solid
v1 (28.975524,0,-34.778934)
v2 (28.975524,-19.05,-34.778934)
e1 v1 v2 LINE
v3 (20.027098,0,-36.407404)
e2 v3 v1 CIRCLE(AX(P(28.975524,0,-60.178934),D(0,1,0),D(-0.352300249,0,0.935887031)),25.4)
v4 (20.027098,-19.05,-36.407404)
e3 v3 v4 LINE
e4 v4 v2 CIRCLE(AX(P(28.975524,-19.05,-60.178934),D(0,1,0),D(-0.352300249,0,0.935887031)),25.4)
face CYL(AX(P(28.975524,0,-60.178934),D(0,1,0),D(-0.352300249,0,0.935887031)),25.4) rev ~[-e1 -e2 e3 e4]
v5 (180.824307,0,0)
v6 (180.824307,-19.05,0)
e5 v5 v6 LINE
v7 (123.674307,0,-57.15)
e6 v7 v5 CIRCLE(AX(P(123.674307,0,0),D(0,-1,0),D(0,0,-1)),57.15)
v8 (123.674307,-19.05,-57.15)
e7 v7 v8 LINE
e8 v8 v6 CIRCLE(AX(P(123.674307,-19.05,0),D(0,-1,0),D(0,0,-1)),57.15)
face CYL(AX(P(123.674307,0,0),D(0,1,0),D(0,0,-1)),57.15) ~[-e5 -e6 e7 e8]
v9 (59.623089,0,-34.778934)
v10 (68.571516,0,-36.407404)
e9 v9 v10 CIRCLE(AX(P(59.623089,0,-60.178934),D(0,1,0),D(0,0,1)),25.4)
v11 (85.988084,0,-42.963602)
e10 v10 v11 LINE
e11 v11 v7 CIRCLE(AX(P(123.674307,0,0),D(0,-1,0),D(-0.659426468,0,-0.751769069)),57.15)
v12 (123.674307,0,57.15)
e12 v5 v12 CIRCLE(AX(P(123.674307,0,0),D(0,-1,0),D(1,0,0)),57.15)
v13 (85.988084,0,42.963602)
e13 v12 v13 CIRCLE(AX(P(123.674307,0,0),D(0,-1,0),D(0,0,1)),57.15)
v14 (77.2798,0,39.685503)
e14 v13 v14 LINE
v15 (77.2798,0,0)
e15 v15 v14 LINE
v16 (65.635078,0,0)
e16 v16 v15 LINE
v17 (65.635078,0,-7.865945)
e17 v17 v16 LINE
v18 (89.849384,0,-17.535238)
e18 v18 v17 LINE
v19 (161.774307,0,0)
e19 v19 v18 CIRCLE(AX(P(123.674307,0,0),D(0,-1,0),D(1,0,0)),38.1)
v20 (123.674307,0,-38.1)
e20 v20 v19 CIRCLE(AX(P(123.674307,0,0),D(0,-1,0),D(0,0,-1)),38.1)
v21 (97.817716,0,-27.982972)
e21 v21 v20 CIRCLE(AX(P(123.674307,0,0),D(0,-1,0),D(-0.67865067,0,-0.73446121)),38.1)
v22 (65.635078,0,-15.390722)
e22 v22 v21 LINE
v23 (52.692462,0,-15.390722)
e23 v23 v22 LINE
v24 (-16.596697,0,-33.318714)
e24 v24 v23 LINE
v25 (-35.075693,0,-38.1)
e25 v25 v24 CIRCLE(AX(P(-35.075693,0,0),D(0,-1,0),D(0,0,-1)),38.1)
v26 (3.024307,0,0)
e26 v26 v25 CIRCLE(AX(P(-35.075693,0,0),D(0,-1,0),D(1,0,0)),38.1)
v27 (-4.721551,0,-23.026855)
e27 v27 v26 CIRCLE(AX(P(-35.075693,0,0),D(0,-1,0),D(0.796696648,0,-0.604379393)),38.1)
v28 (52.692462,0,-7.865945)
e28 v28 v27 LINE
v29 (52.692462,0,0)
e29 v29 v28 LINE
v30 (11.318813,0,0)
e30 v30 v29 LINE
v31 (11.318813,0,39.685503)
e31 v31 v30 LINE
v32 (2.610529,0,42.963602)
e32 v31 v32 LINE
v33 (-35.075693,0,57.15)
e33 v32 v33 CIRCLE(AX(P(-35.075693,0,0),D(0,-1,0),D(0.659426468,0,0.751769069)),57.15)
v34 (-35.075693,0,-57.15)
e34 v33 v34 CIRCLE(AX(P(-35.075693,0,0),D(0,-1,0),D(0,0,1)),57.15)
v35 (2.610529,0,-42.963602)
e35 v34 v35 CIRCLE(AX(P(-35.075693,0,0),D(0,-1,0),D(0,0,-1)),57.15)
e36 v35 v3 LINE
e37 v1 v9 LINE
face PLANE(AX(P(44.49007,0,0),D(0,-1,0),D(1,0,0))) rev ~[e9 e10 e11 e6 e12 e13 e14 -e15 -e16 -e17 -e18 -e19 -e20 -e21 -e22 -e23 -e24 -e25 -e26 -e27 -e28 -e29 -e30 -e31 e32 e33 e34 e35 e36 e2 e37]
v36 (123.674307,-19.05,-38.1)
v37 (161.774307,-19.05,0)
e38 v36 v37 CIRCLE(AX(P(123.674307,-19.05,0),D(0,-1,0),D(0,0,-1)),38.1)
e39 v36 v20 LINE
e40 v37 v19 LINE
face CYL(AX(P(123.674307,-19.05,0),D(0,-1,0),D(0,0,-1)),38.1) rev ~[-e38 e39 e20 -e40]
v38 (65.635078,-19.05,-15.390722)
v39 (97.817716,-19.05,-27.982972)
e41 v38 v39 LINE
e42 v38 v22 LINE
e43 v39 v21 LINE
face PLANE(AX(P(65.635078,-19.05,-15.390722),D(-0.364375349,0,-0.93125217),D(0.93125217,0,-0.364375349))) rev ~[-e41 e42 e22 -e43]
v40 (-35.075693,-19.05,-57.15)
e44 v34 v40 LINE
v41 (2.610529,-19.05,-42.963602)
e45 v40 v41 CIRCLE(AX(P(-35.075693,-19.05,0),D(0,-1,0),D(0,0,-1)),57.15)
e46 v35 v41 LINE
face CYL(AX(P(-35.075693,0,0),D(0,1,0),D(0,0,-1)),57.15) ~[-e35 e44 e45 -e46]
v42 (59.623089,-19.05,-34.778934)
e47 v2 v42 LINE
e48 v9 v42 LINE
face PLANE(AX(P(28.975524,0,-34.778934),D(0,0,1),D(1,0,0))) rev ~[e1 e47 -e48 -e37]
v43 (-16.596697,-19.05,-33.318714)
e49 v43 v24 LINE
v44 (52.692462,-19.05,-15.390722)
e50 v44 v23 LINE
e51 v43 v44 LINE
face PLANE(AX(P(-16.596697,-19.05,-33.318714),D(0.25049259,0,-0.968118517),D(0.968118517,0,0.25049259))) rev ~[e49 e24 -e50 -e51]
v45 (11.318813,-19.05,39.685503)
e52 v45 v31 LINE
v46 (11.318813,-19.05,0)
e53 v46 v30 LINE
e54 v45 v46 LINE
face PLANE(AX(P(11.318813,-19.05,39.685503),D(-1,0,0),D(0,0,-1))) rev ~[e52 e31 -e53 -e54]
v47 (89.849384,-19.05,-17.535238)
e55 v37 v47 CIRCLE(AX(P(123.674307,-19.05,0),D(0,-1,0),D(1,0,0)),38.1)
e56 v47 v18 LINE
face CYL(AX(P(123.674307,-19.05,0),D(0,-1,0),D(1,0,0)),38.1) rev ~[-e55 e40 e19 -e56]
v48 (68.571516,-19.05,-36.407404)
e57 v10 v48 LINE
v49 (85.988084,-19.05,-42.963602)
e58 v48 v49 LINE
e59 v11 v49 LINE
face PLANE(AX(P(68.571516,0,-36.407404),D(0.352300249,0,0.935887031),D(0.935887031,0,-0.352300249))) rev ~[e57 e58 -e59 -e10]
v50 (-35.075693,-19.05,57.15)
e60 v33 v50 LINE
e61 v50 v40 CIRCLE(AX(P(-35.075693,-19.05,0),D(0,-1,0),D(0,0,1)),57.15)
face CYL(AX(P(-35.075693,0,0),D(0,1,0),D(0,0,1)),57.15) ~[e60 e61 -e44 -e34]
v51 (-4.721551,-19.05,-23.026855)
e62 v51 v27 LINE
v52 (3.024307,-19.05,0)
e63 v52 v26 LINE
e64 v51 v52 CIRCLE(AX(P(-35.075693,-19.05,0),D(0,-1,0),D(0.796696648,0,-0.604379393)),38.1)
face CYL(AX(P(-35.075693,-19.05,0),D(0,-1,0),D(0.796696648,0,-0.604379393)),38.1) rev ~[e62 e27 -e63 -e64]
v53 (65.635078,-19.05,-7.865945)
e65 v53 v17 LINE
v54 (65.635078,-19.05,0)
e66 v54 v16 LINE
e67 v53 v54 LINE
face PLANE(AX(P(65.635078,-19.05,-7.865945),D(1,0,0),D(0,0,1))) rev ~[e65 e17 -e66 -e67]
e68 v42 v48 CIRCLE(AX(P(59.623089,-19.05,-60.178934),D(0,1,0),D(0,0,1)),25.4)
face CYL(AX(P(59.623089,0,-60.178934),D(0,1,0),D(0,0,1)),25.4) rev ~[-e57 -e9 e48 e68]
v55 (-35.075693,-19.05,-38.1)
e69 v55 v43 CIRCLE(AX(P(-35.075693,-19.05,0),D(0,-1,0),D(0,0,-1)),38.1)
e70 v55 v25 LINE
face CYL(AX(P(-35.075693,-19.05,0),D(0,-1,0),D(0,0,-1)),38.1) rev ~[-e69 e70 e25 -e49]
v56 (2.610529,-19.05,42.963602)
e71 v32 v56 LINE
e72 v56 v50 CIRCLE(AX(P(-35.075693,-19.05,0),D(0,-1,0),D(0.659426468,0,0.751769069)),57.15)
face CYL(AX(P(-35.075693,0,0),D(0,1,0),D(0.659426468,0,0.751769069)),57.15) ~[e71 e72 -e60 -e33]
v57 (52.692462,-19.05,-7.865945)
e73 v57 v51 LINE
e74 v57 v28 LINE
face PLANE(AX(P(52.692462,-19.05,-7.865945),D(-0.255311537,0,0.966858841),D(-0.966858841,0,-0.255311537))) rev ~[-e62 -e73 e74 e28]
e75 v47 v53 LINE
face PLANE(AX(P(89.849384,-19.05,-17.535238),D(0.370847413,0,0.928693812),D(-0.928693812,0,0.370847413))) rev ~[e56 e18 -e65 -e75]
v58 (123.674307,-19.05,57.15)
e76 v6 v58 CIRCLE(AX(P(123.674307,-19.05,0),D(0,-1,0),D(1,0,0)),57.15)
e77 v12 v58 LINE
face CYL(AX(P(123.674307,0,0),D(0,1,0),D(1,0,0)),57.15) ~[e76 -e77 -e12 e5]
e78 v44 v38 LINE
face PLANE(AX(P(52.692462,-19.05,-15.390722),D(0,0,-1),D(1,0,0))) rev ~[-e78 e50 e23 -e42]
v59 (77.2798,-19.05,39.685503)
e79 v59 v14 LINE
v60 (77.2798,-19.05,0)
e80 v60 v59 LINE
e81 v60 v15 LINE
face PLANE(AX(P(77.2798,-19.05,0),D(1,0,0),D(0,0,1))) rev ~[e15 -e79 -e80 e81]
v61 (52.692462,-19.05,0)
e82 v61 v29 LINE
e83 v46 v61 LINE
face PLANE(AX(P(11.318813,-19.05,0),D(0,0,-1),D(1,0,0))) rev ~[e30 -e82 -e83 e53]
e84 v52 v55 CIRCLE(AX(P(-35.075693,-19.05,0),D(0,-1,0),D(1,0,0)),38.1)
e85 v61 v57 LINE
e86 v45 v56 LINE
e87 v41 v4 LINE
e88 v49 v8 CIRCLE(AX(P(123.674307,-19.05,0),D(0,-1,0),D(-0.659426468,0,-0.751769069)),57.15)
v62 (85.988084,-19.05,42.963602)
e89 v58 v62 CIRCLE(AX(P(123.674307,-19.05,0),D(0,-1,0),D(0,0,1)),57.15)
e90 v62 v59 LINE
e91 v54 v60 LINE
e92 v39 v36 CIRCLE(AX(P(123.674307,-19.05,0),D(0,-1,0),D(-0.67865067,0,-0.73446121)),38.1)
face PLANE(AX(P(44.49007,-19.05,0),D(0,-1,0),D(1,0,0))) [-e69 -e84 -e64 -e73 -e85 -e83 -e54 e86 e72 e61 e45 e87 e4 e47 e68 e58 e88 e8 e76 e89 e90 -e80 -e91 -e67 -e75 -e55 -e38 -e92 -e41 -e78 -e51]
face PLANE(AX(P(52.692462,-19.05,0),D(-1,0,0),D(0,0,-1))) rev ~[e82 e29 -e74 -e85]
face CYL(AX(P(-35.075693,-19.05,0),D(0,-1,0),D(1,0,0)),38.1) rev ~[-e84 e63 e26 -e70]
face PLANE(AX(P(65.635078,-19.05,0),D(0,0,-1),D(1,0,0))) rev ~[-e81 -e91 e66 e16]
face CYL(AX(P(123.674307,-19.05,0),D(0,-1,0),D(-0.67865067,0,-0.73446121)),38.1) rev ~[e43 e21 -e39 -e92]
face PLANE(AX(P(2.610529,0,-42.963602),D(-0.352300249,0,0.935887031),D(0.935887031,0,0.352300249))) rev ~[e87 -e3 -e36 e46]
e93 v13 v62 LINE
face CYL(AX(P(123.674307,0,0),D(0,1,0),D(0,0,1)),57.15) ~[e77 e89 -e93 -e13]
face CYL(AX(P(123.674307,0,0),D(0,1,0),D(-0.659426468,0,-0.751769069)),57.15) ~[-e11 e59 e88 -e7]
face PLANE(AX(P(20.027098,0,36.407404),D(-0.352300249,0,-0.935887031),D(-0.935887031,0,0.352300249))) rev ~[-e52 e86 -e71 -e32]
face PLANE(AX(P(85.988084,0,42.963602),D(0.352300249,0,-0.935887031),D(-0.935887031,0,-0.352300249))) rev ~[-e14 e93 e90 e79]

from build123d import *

# Parameters (mm, degrees)
F1_DEPTH = 19.05
F3_DEPTH = 25.4


with BuildPart() as f1:
    # F0 (on Front) → F1 (new body)
    with BuildSketch(Plane.XZ):
        with BuildLine():
            Line((20.027097595, 36.4074036121), (2.6105293283, 42.9636023111))
            ThreePointArc((2.6105293283, 42.9636023111), (16.9814393634, 23.5834144733), (22.0743066938, 0))
            ThreePointArc((22.0743066938, 0), (16.9814393634, -23.5834144733), (2.6105293283, -42.9636023111))
            Line((2.6105293283, -42.9636023111), (20.027097595, -36.4074036121))
            ThreePointArc((20.027097595, -36.4074036121), (24.4278254251, -35.189367606), (28.975523916, -34.7789341976))
            Line((28.975523916, -34.7789341976), (59.6230894717, -34.7789341976))
            ThreePointArc((59.6230894717, -34.7789341976), (64.1707879626, -35.189367606), (68.5715157927, -36.4074036121))
            Line((68.5715157927, -36.4074036121), (85.9880840594, -42.9636023111))
            ThreePointArc((85.9880840594, -42.9636023111), (66.5243066938, 0), (85.9880840594, 42.9636023111))
            Line((85.9880840594, 42.9636023111), (68.5715157927, 36.4074036121))
            ThreePointArc((68.5715157927, 36.4074036121), (64.1707879626, 35.189367606), (59.6230894717, 34.7789341976))
            Line((59.6230894717, 34.7789341976), (28.975523916, 34.7789341976))
            ThreePointArc((28.975523916, 34.7789341976), (24.4278254251, 35.189367606), (20.027097595, 36.4074036121))
        make_face()
        with BuildLine():
            ThreePointArc((2.6105293283, 42.9636023111), (-14.941734084, 53.4859438174), (-35.0756933062, 57.15))
            Line((-35.0756933062, 57.15), (2.6105293283, 42.9636023111))
        make_face()
        with BuildLine():
            Line((123.6743066938, 57.15), (85.9880840594, 42.9636023111))
            ThreePointArc((85.9880840594, 42.9636023111), (66.5243066938, 0), (85.9880840594, -42.9636023111))
            Line((85.9880840594, -42.9636023111), (123.6743066938, -57.15))
            ThreePointArc((123.6743066938, -57.15), (164.0854592386, -40.4111525448), (180.8243066938, 0))
            ThreePointArc((180.8243066938, 0), (164.0854592386, 40.4111525448), (123.6743066938, 57.15))
        make_face()
        with BuildLine():
            ThreePointArc((123.6743066938, 57.15), (103.5403474717, 53.4859438174), (85.9880840594, 42.9636023111))
            Line((85.9880840594, 42.9636023111), (123.6743066938, 57.15))
        make_face()
        with BuildLine():
            Line((2.6105293283, 42.9636023111), (-35.0756933062, 57.15))
            ThreePointArc((-35.0756933062, 57.15), (-92.2256933062, 0), (-35.0756933062, -57.15))
            Line((-35.0756933062, -57.15), (2.6105293283, -42.9636023111))
            ThreePointArc((2.6105293283, -42.9636023111), (16.9814393634, -23.5834144733), (22.0743066938, 0))
            ThreePointArc((22.0743066938, 0), (16.9814393634, 23.5834144733), (2.6105293283, 42.9636023111))
        make_face()
        with BuildLine():
            Line((2.6105293283, -42.9636023111), (-35.0756933062, -57.15))
            ThreePointArc((-35.0756933062, -57.15), (-14.941734084, -53.4859438174), (2.6105293283, -42.9636023111))
        make_face()
        with BuildLine():
            Line((123.6743066938, -57.15), (85.9880840594, -42.9636023111))
            ThreePointArc((85.9880840594, -42.9636023111), (103.5403474717, -53.4859438174), (123.6743066938, -57.15))
        make_face()
    extrude(amount=F1_DEPTH)

    # F2 (on face) → F3 (cut)
    with BuildSketch(Plane.XZ.offset(19.05)):
        with BuildLine():
            ThreePointArc((-4.721551, -23.0268548625), (1.0359587044, -12.1473696358), (3.0243066938, 0))
            ThreePointArc((3.0243066938, 0), (-62.0164616694, 26.9407683632), (-35.0756933062, -38.1))
            Line((-35.0756933062, -38.1), (-35.0756933062, -31.0422573239))
            Line((-35.0756933062, -31.0422573239), (-4.721551, -23.0268548625))
        make_face()
        with BuildLine():
            Line((-35.0756933062, -31.0422573239), (-35.0756933062, -38.1))
            Line((-35.0756933062, -38.1), (-16.5966969086, -33.3187138428))
            ThreePointArc((-16.5966969086, -33.3187138428), (-10.1227486056, -28.7916750254), (-4.721551, -23.0268548625))
            Line((-4.721551, -23.0268548625), (-35.0756933062, -31.0422573239))
        make_face()
        with BuildLine():
            Line((-16.5966969086, -33.3187138428), (-35.0756933062, -38.1))
            ThreePointArc((-35.0756933062, -38.1), (-25.5319256385, -36.8853154888), (-16.5966969086, -33.3187138428))
        make_face()
        with BuildLine():
            Line((52.6924617589, -7.8659448773), (-4.721551, -23.0268548625))
            ThreePointArc((-4.721551, -23.0268548625), (-10.1227486056, -28.7916750254), (-16.5966969086, -33.3187138428))
            Line((-16.5966969086, -33.3187138428), (52.6924617589, -15.3907220811))
            Line((52.6924617589, -15.3907220811), (65.6350776553, -15.3907220811))
            Line((65.6350776553, -15.3907220811), (97.817716181, -27.9829720911))
            ThreePointArc((97.817716181, -27.9829720911), (93.3797600536, -23.1052038265), (89.8493835117, -17.5352380003))
            Line((89.8493835117, -17.5352380003), (65.6350776553, -7.8659448773))
            Line((65.6350776553, -7.8659448773), (65.6350776553, 0))
            Line((65.6350776553, 0), (52.6924617589, 0))
            Line((52.6924617589, 0), (52.6924617589, -7.8659448773))
        make_face()
        with BuildLine():
            Line((11.3188134617, 0), (52.6924617589, 0))
            Line((52.6924617589, 0), (65.6350776553, 0))
            Line((65.6350776553, 0), (77.279799926, 0))
            Line((77.279799926, 0), (77.279799926, 39.6855029616))
            Line((77.279799926, 39.6855029616), (68.5715157927, 36.4074036121))
            ThreePointArc((68.5715157927, 36.4074036121), (64.1707879626, 35.189367606), (59.6230894717, 34.7789341976))
            Line((59.6230894717, 34.7789341976), (28.975523916, 34.7789341976))
            ThreePointArc((28.975523916, 34.7789341976), (24.4278254251, 35.189367606), (20.027097595, 36.4074036121))
            Line((20.027097595, 36.4074036121), (11.3188134617, 39.6855029616))
            Line((11.3188134617, 39.6855029616), (11.3188134617, 0))
        make_face()
        with BuildLine():
            ThreePointArc((161.7743066938, 0), (114.6498835333, 37.0158045518), (89.8493835117, -17.5352380003))
            Line((89.8493835117, -17.5352380003), (123.6743066938, -31.0422573239))
            Line((123.6743066938, -31.0422573239), (123.6743066938, -38.1))
            ThreePointArc((123.6743066938, -38.1), (150.615075057, -26.9407683632), (161.7743066938, 0))
        make_face()
        with BuildLine():
            Line((123.6743066938, -38.1), (97.817716181, -27.9829720911))
            ThreePointArc((97.817716181, -27.9829720911), (109.791605888, -35.4807076922), (123.6743066938, -38.1))
        make_face()
        with BuildLine():
            ThreePointArc((89.8493835117, -17.5352380003), (93.3797600536, -23.1052038265), (97.817716181, -27.9829720911))
            Line((97.817716181, -27.9829720911), (123.6743066938, -38.1))
            Line((123.6743066938, -38.1), (123.6743066938, -31.0422573239))
            Line((123.6743066938, -31.0422573239), (89.8493835117, -17.5352380003))
        make_face()
    extrude(amount=-F3_DEPTH, mode=Mode.SUBTRACT)


solid = f1.part
